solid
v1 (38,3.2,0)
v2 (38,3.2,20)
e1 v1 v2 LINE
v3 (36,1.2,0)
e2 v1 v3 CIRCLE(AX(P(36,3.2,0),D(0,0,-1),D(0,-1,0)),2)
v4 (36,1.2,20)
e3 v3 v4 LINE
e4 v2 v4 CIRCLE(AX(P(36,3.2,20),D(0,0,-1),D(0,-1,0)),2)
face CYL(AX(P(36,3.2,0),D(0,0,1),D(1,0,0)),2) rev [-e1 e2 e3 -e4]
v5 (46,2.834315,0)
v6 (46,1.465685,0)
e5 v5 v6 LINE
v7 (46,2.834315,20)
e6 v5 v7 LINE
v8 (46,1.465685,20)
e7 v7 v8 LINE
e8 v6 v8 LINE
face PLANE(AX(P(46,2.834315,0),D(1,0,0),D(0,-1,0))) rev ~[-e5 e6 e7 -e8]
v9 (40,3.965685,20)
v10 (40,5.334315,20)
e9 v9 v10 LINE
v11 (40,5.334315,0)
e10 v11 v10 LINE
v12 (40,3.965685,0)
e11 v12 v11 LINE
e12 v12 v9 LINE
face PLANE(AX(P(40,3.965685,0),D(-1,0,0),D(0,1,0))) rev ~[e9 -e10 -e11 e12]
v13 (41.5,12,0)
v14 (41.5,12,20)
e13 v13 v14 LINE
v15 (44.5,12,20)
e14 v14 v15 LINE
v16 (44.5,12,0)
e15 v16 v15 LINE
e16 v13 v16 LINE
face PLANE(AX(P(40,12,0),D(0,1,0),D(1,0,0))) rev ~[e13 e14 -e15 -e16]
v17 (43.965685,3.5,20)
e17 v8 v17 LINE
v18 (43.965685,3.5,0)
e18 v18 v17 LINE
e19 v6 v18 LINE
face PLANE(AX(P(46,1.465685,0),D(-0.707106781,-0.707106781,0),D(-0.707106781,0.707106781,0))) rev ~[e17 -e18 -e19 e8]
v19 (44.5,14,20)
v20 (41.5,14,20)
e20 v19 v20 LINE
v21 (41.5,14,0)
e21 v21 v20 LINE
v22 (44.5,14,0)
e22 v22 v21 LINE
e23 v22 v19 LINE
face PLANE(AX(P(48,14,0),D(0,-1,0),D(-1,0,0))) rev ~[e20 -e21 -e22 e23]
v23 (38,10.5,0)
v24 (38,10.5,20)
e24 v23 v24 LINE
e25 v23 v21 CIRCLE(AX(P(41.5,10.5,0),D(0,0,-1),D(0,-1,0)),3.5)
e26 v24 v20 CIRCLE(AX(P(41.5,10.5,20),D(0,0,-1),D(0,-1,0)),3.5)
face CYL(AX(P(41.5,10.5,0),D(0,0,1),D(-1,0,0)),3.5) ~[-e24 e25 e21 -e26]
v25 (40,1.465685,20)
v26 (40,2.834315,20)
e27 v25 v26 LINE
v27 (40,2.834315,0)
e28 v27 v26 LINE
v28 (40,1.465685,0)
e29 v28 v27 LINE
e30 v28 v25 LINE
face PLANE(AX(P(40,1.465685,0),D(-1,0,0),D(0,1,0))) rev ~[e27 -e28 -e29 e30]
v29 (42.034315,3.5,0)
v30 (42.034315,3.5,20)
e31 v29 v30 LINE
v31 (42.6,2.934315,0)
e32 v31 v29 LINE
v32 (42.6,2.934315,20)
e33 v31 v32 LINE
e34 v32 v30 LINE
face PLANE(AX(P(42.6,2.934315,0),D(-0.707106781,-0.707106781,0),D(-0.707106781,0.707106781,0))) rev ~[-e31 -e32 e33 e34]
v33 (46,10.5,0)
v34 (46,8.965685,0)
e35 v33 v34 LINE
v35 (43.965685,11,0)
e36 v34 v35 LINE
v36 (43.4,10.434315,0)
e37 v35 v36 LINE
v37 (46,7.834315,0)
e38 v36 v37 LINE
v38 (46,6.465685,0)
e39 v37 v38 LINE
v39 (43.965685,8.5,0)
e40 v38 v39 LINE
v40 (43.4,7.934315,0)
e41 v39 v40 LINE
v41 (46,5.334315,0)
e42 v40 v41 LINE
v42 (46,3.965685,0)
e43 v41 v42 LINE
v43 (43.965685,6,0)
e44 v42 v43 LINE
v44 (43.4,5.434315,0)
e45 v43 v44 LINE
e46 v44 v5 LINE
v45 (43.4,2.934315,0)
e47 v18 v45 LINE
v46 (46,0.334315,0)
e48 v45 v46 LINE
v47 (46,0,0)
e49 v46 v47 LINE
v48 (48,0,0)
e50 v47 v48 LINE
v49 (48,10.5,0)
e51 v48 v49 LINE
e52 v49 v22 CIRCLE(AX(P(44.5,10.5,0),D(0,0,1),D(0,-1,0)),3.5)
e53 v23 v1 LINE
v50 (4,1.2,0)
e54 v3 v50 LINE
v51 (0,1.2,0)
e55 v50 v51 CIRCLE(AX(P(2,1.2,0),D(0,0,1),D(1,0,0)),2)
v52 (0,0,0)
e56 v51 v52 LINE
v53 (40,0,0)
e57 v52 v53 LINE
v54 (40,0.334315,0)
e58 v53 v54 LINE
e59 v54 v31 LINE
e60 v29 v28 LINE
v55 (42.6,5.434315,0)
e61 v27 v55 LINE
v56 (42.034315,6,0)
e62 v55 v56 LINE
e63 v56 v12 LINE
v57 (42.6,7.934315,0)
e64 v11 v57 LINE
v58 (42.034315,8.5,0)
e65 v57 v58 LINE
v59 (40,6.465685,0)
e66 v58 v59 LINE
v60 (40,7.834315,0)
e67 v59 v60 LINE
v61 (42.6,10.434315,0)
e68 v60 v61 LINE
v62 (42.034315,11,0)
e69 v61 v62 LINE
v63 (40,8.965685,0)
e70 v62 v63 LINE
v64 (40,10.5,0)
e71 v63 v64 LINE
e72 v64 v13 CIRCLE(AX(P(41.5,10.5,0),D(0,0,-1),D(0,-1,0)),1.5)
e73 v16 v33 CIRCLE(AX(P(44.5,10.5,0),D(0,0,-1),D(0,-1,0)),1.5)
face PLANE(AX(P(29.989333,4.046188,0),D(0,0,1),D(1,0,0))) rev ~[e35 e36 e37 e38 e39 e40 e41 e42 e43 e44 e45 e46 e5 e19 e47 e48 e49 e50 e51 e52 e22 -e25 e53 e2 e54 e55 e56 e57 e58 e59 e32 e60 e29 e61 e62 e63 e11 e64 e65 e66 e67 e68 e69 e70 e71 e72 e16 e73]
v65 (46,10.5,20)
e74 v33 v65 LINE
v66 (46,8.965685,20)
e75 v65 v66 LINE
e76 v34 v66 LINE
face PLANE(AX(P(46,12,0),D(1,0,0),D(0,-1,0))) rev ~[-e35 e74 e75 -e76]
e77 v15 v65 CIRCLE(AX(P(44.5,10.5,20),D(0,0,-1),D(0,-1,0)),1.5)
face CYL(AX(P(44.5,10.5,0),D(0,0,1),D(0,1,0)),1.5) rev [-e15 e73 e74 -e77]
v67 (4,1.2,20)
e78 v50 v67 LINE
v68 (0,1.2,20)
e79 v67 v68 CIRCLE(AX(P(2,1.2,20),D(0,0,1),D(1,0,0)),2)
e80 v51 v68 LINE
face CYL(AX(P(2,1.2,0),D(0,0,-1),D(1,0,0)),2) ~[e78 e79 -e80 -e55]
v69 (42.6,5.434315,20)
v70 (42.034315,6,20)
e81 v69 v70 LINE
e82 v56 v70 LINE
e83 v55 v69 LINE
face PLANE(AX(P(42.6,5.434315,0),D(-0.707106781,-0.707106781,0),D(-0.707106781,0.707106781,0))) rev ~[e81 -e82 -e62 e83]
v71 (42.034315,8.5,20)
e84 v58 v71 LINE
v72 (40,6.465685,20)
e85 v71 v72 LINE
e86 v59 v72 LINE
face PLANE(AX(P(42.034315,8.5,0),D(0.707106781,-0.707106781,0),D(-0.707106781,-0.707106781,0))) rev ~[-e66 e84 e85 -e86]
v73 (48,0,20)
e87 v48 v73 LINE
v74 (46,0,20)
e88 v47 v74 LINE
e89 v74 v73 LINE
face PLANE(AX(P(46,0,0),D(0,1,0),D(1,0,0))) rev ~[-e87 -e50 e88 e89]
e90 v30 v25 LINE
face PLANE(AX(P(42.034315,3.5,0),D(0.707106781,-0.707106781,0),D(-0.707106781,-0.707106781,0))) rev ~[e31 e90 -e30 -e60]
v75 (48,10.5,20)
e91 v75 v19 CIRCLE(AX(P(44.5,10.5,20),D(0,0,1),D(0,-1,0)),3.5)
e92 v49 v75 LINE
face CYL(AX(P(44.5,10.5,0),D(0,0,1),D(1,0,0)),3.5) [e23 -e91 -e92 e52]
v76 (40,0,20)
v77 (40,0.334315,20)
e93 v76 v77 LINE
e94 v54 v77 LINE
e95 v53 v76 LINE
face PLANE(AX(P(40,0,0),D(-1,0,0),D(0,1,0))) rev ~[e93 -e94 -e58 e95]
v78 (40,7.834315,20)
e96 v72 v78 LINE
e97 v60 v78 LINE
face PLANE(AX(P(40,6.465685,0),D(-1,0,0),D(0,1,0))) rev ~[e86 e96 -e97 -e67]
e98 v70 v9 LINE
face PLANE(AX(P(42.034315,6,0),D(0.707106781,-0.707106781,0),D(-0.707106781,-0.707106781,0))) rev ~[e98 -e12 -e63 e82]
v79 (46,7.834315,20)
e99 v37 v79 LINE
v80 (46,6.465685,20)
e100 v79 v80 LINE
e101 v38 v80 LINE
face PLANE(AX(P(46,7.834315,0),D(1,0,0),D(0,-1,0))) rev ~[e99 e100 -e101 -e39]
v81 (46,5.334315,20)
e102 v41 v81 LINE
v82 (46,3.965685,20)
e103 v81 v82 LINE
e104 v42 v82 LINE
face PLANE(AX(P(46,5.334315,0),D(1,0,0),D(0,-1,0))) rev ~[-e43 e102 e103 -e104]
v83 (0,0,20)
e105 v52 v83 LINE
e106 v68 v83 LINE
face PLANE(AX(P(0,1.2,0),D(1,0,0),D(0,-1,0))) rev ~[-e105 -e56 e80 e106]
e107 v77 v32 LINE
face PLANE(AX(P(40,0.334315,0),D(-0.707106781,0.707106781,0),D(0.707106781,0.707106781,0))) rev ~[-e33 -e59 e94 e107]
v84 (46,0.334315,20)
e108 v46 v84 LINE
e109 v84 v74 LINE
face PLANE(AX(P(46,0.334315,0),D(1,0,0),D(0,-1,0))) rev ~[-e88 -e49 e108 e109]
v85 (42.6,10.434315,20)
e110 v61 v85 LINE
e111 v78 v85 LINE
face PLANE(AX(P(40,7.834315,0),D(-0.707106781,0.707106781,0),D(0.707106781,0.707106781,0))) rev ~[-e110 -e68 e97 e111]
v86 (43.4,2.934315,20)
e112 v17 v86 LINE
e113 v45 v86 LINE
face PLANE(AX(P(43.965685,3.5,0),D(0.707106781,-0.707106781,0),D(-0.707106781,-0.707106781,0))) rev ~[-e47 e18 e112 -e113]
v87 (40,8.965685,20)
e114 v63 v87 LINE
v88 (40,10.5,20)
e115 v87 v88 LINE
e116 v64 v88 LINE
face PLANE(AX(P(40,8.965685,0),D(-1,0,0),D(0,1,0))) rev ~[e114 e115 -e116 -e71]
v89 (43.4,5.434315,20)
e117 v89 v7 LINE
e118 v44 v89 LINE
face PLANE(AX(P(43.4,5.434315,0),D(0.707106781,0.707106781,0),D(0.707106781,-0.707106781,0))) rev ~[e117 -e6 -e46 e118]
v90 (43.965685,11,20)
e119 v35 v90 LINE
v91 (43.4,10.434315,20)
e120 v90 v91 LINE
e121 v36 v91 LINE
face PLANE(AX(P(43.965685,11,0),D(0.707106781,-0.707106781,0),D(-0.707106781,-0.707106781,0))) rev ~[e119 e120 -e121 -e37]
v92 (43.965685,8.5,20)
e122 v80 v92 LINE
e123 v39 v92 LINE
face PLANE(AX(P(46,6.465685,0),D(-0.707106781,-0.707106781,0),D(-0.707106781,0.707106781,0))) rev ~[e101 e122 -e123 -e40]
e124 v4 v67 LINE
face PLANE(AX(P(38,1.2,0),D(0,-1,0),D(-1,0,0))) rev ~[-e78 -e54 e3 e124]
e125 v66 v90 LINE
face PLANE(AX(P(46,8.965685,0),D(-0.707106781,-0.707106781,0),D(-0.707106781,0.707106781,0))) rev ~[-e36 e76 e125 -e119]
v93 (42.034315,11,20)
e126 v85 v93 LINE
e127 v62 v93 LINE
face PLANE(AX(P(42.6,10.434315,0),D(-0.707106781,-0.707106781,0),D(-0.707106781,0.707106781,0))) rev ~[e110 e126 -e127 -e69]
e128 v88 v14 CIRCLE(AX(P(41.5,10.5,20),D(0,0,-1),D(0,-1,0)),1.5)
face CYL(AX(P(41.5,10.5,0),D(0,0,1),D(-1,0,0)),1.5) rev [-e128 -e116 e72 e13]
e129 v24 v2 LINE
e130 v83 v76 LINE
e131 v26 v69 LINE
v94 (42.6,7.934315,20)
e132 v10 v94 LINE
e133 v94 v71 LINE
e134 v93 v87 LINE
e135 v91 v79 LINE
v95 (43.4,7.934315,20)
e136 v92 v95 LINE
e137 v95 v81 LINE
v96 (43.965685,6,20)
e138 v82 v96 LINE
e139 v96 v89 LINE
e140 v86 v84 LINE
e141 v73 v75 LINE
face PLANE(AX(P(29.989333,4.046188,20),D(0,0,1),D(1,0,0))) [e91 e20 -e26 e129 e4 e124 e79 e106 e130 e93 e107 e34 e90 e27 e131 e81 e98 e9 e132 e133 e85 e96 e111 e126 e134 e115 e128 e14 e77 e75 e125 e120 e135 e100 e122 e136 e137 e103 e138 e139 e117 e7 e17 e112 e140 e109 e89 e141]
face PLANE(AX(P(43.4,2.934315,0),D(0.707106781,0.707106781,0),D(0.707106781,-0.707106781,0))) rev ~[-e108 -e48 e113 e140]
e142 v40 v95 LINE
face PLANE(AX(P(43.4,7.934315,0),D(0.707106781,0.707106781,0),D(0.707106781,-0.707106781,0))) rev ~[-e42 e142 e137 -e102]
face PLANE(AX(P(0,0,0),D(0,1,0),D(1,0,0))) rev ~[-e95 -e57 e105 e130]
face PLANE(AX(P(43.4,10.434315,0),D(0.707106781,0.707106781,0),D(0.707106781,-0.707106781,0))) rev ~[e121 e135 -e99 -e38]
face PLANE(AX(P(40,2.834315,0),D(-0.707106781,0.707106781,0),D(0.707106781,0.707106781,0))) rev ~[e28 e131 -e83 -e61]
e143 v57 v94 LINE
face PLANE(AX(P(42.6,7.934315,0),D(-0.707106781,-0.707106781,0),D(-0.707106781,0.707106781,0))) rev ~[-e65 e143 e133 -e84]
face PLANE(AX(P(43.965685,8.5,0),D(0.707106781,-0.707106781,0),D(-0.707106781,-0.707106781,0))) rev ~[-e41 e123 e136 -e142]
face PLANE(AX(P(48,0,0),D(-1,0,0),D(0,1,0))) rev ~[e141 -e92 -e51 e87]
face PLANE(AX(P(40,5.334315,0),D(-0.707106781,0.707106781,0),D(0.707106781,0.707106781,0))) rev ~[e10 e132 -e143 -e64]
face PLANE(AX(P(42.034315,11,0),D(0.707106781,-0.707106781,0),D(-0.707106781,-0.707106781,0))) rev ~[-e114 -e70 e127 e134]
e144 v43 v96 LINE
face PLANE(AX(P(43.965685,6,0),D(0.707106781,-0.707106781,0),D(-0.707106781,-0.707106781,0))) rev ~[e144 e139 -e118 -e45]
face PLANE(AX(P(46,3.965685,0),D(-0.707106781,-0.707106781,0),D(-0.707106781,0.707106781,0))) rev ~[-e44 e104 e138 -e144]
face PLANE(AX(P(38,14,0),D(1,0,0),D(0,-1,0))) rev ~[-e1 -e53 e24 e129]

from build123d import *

# Parameters (mm, degrees)
F1_DEPTH = 20
F2_R     = 1.5
F3_R     = 3.5
F4_R     = 2


with BuildPart() as f1:
    # F0 (on Top) → F1 (new body)
    with BuildSketch(Plane.XY):
        with BuildLine():
            Line((0, 1.2), (0, 0))
            Line((0, 0), (40, 0))
            Line((40, 0), (40, 0.334315))
            Line((40, 0.334315), (40, 1.465685))
            Line((40, 1.465685), (40, 2.834315))
            Line((40, 2.834315), (40, 3.965685))
            Line((40, 3.965685), (40, 5.334315))
            Line((40, 5.334315), (40, 6.465685))
            Line((40, 6.465685), (40, 7.834315))
            Line((40, 7.834315), (40, 8.965685))
            Line((40, 8.965685), (40, 12))
            Line((40, 12), (46, 12))
            Line((46, 12), (46, 8.965685))
            Line((46, 8.965685), (46, 7.834315))
            Line((46, 7.834315), (46, 6.465685))
            Line((46, 6.465685), (46, 5.334315))
            Line((46, 5.334315), (46, 3.965685))
            Line((46, 3.965685), (46, 2.834315))
            Line((46, 2.834315), (46, 1.465685))
            Line((46, 1.465685), (46, 0.334315))
            Line((46, 0.334315), (46, 0))
            Line((46, 0), (48, 0))
            Line((48, 0), (48, 14))
            Line((48, 14), (38, 14))
            Line((38, 14), (38, 1.2))
            Line((38, 1.2), (4, 1.2))
            ThreePointArc((4, 1.2), (2, 3.2), (0, 1.2))
        make_face()
        Polygon((40, 1.465685), (40, 0.334315), (42.6, 2.934315), (42.034315, 3.5), align=None)
        Polygon((40, 3.965685), (40, 2.834315), (42.6, 5.434315), (42.034315, 6), align=None)
        Polygon((40, 6.465685), (40, 5.334315), (42.6, 7.934315), (42.034315, 8.5), align=None)
        Polygon((40, 8.965685), (40, 7.834315), (42.6, 10.434315), (42.034315, 11), align=None)
        Polygon((46, 7.834315), (46, 8.965685), (43.965685, 11), (43.4, 10.434315), align=None)
        Polygon((43.4, 7.934315), (46, 5.334315), (46, 6.465685), (43.965685, 8.5), align=None)
        Polygon((43.4, 5.434315), (46, 2.834315), (46, 3.965685), (43.965685, 6), align=None)
        Polygon((43.4, 2.934315), (46, 0.334315), (46, 1.465685), (43.965685, 3.5), align=None)
    extrude(amount=F1_DEPTH)

    # F2
    f2_edges = [f1.edges().sort_by_distance(p)[0] for p in [
        (40, 12, 10),
        (46, 12, 10),
    ]]
    fillet(f2_edges, radius=F2_R)

    # F3
    f3_edges = [f1.edges().sort_by_distance(p)[0] for p in [
        (38, 14, 10),
        (48, 14, 10),
    ]]
    fillet(f3_edges, radius=F3_R)

    # F4
    f4_edges = [f1.edges().sort_by_distance(p)[0] for p in [
        (38, 1.2, 10),
    ]]
    fillet(f4_edges, radius=F4_R)


solid = f1.part
